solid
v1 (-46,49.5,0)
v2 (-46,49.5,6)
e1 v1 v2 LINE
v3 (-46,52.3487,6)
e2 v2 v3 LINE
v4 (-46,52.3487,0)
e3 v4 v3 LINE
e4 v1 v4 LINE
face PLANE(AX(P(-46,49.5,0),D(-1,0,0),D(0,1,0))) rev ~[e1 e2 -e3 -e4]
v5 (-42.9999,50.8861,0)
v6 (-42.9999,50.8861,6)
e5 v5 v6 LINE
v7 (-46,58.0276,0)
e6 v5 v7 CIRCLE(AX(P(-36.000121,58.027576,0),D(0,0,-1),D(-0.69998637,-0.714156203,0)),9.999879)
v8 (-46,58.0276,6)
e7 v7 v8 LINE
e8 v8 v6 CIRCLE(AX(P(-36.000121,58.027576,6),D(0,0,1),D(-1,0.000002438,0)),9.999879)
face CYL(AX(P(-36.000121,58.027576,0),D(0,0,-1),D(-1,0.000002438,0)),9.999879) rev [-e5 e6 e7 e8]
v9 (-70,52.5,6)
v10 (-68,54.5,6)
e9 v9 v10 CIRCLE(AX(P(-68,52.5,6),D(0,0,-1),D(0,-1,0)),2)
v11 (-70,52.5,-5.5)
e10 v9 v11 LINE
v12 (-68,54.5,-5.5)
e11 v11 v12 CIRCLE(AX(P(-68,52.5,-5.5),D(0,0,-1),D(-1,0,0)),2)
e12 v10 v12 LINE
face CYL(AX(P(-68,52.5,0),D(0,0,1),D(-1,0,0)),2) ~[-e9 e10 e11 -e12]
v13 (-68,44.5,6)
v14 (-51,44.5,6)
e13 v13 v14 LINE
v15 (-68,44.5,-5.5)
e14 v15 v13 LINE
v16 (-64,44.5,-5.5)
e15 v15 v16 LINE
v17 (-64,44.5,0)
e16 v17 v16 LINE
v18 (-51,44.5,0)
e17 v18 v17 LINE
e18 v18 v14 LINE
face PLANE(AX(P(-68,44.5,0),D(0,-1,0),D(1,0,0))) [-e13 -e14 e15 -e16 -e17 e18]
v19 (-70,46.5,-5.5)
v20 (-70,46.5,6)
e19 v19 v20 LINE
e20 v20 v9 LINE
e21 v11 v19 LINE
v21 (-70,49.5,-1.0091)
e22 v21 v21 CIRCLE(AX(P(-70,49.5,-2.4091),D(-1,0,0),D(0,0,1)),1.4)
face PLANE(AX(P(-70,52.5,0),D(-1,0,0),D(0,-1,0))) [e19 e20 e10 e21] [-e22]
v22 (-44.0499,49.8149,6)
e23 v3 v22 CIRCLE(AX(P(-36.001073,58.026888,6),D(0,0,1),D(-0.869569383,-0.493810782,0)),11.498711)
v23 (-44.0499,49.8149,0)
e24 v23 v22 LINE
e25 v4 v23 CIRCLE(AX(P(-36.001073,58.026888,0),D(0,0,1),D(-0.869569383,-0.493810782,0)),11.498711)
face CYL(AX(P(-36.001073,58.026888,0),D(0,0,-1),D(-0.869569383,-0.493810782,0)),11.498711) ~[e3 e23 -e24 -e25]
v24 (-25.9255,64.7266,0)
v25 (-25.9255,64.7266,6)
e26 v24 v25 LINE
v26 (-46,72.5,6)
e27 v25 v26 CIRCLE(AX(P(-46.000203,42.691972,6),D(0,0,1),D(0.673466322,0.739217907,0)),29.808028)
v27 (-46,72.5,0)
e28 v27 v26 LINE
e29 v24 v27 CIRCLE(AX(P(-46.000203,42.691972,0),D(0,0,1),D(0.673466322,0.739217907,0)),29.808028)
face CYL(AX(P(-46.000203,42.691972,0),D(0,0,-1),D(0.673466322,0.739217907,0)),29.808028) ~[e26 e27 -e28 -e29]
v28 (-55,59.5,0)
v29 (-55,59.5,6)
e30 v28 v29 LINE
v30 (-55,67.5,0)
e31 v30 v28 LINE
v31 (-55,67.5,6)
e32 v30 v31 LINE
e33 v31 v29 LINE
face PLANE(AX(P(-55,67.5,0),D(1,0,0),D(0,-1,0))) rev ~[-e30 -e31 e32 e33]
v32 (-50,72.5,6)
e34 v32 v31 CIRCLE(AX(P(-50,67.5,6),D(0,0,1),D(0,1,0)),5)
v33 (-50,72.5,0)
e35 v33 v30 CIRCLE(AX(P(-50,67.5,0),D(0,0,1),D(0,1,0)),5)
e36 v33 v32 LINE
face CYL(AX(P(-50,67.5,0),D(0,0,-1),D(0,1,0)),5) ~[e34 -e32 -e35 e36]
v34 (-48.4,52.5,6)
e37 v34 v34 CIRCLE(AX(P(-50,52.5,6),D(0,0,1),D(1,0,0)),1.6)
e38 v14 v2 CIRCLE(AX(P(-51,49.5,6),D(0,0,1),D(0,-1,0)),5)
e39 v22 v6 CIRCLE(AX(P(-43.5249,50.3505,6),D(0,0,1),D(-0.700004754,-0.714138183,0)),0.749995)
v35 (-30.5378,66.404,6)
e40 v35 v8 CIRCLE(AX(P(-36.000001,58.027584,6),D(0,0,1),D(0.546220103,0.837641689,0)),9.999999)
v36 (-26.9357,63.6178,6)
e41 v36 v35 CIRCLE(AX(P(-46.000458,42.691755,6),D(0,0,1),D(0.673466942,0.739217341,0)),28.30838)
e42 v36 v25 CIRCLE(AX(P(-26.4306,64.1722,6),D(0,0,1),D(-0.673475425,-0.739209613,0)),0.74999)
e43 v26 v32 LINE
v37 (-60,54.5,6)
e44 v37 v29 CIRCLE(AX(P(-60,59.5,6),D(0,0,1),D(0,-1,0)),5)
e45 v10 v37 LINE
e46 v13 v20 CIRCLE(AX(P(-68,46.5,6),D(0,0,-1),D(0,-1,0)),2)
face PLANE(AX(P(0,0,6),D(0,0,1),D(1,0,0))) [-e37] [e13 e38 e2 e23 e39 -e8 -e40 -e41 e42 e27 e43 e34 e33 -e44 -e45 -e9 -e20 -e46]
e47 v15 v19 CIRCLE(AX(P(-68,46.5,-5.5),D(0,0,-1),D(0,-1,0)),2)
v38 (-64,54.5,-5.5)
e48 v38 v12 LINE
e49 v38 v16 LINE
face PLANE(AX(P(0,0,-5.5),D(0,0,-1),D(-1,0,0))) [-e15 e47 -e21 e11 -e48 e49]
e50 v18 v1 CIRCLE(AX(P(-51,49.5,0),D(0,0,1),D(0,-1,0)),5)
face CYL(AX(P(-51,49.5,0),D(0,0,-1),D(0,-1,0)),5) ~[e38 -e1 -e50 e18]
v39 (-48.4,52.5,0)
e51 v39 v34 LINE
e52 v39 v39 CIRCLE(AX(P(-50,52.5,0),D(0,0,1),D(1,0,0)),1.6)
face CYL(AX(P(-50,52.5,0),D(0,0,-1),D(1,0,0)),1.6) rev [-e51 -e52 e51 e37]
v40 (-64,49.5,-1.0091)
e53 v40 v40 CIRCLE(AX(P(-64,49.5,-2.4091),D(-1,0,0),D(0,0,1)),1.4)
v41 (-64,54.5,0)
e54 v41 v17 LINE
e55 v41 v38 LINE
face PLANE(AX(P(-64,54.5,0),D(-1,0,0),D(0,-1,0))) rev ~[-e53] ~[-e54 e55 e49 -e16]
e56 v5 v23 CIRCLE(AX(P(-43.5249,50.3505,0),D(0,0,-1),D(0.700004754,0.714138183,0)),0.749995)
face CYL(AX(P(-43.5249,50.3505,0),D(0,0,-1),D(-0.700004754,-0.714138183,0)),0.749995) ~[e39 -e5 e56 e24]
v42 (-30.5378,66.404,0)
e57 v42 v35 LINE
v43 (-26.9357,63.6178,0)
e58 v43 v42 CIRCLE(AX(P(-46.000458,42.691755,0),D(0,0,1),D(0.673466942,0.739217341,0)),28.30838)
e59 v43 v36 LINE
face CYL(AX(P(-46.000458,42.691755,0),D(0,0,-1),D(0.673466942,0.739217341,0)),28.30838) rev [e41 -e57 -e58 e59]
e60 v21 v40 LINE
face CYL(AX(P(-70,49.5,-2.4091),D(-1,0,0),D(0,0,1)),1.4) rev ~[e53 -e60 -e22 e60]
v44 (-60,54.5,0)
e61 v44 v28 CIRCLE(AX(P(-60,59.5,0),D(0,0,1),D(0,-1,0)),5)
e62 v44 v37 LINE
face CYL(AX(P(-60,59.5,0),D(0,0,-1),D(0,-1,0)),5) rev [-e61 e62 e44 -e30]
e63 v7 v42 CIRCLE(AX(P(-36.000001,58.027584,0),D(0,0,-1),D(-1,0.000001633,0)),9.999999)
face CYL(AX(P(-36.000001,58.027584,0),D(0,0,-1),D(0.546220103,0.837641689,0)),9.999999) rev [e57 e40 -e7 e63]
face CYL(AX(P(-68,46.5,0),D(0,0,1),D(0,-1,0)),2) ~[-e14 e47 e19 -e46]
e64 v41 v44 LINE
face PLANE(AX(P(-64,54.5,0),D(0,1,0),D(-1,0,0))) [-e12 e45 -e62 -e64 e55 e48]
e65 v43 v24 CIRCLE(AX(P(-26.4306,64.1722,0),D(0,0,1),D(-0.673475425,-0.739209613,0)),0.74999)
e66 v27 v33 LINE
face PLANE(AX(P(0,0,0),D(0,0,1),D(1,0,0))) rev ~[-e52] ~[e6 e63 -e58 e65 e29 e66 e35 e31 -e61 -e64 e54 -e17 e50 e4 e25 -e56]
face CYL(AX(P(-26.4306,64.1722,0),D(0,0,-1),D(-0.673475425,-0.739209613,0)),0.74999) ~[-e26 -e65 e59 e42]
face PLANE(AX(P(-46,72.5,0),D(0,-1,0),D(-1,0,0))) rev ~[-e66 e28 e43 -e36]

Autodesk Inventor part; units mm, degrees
ref_plane "YZ Plane" through (0, 0, 0) normal (1, 0, 0) x (0, 1, 0)
ref_plane "XZ Plane" through (0, 0, 0) normal (0, 1, 0) x (-1, 0, 0)
ref_plane "XY Plane" through (0, 0, 0) normal (0, 0, 1) x (1, 0, 0)
ref_plane "Arbeitsebene1" through (0, 0, 0) normal (0, 0, 1) x (1, 0, 0)
sketch "Skizze1" plane through (0, 0, 0) normal (0, 0, 1) x (1, 0, 0)
  line L0 (-43.5249, 65.0249) -> (-30, 65.0249) projected
  line L1 (-43.5249, -65.0249) -> (-43.5249, 65.0249) projected
  circle A0 centre (-50, 52.5) radius 1.4 projected
  line L2 (-46, 72.5) -> (-50, 72.5)
  line L3 (-55, 67.5) -> (-55, 59.5)
  line L4 (-55, 44.5) -> (-51, 44.5)
  line L5 (-46, 49.5) -> (-46, 58.0276)
  line L6 (-55, 44.5) -> (-70, 44.5)
  line L7 (-70, 44.5) -> (-70, 54.5)
  line L8 (-70, 54.5) -> (-60, 54.5)
  line L9 (-55, 54.5) -> (-55, 44.5)
  circle A1 centre (-50, 52.5) radius 1.6
  arc A2 (-25.9255, 64.7266) -> (-46, 72.5) centre (-46, 42.6923) ccw
  arc A3 (-26.9357, 63.6178) -> (-30.5378, 66.404) centre (-46, 42.6923) ccw
  arc A4 (-30.5378, 66.404) -> (-46, 58.0276) centre (-36, 58.0276) ccw
  arc A5 (-26.9357, 63.6178) -> (-25.9255, 64.7266) centre (-26.4306, 64.1722) ccw
  arc A6 (-46, 58.0276) -> (-42.9999, 50.8861) centre (-36, 58.0276) ccw
  arc A7 (-46, 52.3487) -> (-44.0499, 49.8149) centre (-36, 58.0276) ccw
  arc A8 (-44.0499, 49.8149) -> (-42.9999, 50.8861) centre (-43.5249, 50.3505) ccw
  arc A9 (-51, 44.5) -> (-46, 49.5) centre (-51, 49.5) ccw
  arc A10 (-60, 54.5) -> (-55, 59.5) centre (-60, 59.5) ccw
  arc A11 (-50, 72.5) -> (-55, 67.5) centre (-50, 67.5) ccw
  point P0 (0, 0)
  point P1 (-55, 72.5)
  point P2 (-46, 44.5)
  point P3 (-27.3644, 64.0006)
  point P4 (-46, 71)
  dimension "d0" = 4
  dimension "d1" = 5
  dimension "d2" = 8
  dimension "d3" = 10
  dimension "d4" = 15
  dimension "d5" = 20
  dimension "d6" = 3.2
  dimension "d10" = 1.5
  dimension "d12" = 10
  dimension "d13" = 0.75
  dimension "d14" = 1.5
  dimension "d15" = 5
extrude "Extrusion1" add sketch "Skizze1" along normal blind 6 contours L1 A4 L5 A9 L4 L6 L7 L8 A10 L3 A11 L2 A2 A5 A3 L0 | L0 A4 L1 | A6 A8 L1 | L1 A8 A7 L5 A6
fillet "Rundung1" radius 2 3 edges at (-70, 54.5, 3) (-70, 44.5, 3) (-46, 72.5, 3)
sketch "Skizze2" plane through (0, 0, 0) normal (0, 0, -1) x (-1, 0, 0)
  line L0 (70, 52.5) -> (70, 46.5) projected
  arc A0 (68, 44.5) -> (70, 46.5) centre (68, 46.5) ccw projected
  line L1 (68, 44.5) -> (51, 44.5) projected
  arc A1 (46, 49.5) -> (51, 44.5) centre (51, 49.5) ccw projected
  line L2 (46, 49.5) -> (46, 52.3487) projected
  arc A2 (44.0499, 49.8149) -> (46, 52.3487) centre (36, 58.0276) ccw projected
  arc A3 (42.9999, 50.8861) -> (44.0499, 49.8149) centre (43.5249, 50.3505) ccw projected
  arc A4 (42.9999, 50.8861) -> (30.5378, 66.404) centre (36, 58.0276) ccw projected
  arc A5 (30.5378, 66.404) -> (26.9357, 63.6178) centre (46, 42.6923) ccw projected
  arc A6 (25.9255, 64.7266) -> (26.9357, 63.6178) centre (26.4306, 64.1722) ccw projected
  arc A7 (46, 72.5) -> (25.9255, 64.7266) centre (46, 42.6923) ccw projected
  line L3 (46, 72.5) -> (50, 72.5) projected
  arc A8 (55, 67.5) -> (50, 72.5) centre (50, 67.5) ccw projected
  line L4 (55, 67.5) -> (55, 59.5) projected
  arc A9 (55, 59.5) -> (60, 54.5) centre (60, 59.5) ccw projected
  line L5 (60, 54.5) -> (68, 54.5) projected
  arc A10 (70, 52.5) -> (68, 54.5) centre (68, 52.5) ccw projected
  line L6 (70, 52.5) -> (70, 46.5) projected
  circle A11 centre (50, 52.5) radius 1.6 projected
  line L7 (64, 54.5) -> (64, 44.5)
  point P0 (0, 0)
  dimension "d16" = 6
extrude "Extrusion2" add sketch "Skizze2" along normal blind 5.5 contours L0 A0 L1 L7 L5 A10
sketch "Skizze3" plane through (-70, 46.5, 6) normal (-1, 0, 0) x (0, 0, 1)
  line L0 (0, 0) -> (-11.5, 0) projected
  line L1 (0, 6) -> (0, 0) projected
  line L2 (0, 6) -> (-11.5, 6) projected
  line L3 (-11.5, 0) -> (-11.5, 6) projected
  circle A0 centre (-8.4091, 3) radius 1.4
  point P0 (-6, -46.5)
  dimension "d19" = 2.8
extrude "Extrusion3" cut sketch "Skizze3" against normal through all contours A0
properties part number "30_xystage_gp-010b_adapter_multiwellplate_flexureclamp"
